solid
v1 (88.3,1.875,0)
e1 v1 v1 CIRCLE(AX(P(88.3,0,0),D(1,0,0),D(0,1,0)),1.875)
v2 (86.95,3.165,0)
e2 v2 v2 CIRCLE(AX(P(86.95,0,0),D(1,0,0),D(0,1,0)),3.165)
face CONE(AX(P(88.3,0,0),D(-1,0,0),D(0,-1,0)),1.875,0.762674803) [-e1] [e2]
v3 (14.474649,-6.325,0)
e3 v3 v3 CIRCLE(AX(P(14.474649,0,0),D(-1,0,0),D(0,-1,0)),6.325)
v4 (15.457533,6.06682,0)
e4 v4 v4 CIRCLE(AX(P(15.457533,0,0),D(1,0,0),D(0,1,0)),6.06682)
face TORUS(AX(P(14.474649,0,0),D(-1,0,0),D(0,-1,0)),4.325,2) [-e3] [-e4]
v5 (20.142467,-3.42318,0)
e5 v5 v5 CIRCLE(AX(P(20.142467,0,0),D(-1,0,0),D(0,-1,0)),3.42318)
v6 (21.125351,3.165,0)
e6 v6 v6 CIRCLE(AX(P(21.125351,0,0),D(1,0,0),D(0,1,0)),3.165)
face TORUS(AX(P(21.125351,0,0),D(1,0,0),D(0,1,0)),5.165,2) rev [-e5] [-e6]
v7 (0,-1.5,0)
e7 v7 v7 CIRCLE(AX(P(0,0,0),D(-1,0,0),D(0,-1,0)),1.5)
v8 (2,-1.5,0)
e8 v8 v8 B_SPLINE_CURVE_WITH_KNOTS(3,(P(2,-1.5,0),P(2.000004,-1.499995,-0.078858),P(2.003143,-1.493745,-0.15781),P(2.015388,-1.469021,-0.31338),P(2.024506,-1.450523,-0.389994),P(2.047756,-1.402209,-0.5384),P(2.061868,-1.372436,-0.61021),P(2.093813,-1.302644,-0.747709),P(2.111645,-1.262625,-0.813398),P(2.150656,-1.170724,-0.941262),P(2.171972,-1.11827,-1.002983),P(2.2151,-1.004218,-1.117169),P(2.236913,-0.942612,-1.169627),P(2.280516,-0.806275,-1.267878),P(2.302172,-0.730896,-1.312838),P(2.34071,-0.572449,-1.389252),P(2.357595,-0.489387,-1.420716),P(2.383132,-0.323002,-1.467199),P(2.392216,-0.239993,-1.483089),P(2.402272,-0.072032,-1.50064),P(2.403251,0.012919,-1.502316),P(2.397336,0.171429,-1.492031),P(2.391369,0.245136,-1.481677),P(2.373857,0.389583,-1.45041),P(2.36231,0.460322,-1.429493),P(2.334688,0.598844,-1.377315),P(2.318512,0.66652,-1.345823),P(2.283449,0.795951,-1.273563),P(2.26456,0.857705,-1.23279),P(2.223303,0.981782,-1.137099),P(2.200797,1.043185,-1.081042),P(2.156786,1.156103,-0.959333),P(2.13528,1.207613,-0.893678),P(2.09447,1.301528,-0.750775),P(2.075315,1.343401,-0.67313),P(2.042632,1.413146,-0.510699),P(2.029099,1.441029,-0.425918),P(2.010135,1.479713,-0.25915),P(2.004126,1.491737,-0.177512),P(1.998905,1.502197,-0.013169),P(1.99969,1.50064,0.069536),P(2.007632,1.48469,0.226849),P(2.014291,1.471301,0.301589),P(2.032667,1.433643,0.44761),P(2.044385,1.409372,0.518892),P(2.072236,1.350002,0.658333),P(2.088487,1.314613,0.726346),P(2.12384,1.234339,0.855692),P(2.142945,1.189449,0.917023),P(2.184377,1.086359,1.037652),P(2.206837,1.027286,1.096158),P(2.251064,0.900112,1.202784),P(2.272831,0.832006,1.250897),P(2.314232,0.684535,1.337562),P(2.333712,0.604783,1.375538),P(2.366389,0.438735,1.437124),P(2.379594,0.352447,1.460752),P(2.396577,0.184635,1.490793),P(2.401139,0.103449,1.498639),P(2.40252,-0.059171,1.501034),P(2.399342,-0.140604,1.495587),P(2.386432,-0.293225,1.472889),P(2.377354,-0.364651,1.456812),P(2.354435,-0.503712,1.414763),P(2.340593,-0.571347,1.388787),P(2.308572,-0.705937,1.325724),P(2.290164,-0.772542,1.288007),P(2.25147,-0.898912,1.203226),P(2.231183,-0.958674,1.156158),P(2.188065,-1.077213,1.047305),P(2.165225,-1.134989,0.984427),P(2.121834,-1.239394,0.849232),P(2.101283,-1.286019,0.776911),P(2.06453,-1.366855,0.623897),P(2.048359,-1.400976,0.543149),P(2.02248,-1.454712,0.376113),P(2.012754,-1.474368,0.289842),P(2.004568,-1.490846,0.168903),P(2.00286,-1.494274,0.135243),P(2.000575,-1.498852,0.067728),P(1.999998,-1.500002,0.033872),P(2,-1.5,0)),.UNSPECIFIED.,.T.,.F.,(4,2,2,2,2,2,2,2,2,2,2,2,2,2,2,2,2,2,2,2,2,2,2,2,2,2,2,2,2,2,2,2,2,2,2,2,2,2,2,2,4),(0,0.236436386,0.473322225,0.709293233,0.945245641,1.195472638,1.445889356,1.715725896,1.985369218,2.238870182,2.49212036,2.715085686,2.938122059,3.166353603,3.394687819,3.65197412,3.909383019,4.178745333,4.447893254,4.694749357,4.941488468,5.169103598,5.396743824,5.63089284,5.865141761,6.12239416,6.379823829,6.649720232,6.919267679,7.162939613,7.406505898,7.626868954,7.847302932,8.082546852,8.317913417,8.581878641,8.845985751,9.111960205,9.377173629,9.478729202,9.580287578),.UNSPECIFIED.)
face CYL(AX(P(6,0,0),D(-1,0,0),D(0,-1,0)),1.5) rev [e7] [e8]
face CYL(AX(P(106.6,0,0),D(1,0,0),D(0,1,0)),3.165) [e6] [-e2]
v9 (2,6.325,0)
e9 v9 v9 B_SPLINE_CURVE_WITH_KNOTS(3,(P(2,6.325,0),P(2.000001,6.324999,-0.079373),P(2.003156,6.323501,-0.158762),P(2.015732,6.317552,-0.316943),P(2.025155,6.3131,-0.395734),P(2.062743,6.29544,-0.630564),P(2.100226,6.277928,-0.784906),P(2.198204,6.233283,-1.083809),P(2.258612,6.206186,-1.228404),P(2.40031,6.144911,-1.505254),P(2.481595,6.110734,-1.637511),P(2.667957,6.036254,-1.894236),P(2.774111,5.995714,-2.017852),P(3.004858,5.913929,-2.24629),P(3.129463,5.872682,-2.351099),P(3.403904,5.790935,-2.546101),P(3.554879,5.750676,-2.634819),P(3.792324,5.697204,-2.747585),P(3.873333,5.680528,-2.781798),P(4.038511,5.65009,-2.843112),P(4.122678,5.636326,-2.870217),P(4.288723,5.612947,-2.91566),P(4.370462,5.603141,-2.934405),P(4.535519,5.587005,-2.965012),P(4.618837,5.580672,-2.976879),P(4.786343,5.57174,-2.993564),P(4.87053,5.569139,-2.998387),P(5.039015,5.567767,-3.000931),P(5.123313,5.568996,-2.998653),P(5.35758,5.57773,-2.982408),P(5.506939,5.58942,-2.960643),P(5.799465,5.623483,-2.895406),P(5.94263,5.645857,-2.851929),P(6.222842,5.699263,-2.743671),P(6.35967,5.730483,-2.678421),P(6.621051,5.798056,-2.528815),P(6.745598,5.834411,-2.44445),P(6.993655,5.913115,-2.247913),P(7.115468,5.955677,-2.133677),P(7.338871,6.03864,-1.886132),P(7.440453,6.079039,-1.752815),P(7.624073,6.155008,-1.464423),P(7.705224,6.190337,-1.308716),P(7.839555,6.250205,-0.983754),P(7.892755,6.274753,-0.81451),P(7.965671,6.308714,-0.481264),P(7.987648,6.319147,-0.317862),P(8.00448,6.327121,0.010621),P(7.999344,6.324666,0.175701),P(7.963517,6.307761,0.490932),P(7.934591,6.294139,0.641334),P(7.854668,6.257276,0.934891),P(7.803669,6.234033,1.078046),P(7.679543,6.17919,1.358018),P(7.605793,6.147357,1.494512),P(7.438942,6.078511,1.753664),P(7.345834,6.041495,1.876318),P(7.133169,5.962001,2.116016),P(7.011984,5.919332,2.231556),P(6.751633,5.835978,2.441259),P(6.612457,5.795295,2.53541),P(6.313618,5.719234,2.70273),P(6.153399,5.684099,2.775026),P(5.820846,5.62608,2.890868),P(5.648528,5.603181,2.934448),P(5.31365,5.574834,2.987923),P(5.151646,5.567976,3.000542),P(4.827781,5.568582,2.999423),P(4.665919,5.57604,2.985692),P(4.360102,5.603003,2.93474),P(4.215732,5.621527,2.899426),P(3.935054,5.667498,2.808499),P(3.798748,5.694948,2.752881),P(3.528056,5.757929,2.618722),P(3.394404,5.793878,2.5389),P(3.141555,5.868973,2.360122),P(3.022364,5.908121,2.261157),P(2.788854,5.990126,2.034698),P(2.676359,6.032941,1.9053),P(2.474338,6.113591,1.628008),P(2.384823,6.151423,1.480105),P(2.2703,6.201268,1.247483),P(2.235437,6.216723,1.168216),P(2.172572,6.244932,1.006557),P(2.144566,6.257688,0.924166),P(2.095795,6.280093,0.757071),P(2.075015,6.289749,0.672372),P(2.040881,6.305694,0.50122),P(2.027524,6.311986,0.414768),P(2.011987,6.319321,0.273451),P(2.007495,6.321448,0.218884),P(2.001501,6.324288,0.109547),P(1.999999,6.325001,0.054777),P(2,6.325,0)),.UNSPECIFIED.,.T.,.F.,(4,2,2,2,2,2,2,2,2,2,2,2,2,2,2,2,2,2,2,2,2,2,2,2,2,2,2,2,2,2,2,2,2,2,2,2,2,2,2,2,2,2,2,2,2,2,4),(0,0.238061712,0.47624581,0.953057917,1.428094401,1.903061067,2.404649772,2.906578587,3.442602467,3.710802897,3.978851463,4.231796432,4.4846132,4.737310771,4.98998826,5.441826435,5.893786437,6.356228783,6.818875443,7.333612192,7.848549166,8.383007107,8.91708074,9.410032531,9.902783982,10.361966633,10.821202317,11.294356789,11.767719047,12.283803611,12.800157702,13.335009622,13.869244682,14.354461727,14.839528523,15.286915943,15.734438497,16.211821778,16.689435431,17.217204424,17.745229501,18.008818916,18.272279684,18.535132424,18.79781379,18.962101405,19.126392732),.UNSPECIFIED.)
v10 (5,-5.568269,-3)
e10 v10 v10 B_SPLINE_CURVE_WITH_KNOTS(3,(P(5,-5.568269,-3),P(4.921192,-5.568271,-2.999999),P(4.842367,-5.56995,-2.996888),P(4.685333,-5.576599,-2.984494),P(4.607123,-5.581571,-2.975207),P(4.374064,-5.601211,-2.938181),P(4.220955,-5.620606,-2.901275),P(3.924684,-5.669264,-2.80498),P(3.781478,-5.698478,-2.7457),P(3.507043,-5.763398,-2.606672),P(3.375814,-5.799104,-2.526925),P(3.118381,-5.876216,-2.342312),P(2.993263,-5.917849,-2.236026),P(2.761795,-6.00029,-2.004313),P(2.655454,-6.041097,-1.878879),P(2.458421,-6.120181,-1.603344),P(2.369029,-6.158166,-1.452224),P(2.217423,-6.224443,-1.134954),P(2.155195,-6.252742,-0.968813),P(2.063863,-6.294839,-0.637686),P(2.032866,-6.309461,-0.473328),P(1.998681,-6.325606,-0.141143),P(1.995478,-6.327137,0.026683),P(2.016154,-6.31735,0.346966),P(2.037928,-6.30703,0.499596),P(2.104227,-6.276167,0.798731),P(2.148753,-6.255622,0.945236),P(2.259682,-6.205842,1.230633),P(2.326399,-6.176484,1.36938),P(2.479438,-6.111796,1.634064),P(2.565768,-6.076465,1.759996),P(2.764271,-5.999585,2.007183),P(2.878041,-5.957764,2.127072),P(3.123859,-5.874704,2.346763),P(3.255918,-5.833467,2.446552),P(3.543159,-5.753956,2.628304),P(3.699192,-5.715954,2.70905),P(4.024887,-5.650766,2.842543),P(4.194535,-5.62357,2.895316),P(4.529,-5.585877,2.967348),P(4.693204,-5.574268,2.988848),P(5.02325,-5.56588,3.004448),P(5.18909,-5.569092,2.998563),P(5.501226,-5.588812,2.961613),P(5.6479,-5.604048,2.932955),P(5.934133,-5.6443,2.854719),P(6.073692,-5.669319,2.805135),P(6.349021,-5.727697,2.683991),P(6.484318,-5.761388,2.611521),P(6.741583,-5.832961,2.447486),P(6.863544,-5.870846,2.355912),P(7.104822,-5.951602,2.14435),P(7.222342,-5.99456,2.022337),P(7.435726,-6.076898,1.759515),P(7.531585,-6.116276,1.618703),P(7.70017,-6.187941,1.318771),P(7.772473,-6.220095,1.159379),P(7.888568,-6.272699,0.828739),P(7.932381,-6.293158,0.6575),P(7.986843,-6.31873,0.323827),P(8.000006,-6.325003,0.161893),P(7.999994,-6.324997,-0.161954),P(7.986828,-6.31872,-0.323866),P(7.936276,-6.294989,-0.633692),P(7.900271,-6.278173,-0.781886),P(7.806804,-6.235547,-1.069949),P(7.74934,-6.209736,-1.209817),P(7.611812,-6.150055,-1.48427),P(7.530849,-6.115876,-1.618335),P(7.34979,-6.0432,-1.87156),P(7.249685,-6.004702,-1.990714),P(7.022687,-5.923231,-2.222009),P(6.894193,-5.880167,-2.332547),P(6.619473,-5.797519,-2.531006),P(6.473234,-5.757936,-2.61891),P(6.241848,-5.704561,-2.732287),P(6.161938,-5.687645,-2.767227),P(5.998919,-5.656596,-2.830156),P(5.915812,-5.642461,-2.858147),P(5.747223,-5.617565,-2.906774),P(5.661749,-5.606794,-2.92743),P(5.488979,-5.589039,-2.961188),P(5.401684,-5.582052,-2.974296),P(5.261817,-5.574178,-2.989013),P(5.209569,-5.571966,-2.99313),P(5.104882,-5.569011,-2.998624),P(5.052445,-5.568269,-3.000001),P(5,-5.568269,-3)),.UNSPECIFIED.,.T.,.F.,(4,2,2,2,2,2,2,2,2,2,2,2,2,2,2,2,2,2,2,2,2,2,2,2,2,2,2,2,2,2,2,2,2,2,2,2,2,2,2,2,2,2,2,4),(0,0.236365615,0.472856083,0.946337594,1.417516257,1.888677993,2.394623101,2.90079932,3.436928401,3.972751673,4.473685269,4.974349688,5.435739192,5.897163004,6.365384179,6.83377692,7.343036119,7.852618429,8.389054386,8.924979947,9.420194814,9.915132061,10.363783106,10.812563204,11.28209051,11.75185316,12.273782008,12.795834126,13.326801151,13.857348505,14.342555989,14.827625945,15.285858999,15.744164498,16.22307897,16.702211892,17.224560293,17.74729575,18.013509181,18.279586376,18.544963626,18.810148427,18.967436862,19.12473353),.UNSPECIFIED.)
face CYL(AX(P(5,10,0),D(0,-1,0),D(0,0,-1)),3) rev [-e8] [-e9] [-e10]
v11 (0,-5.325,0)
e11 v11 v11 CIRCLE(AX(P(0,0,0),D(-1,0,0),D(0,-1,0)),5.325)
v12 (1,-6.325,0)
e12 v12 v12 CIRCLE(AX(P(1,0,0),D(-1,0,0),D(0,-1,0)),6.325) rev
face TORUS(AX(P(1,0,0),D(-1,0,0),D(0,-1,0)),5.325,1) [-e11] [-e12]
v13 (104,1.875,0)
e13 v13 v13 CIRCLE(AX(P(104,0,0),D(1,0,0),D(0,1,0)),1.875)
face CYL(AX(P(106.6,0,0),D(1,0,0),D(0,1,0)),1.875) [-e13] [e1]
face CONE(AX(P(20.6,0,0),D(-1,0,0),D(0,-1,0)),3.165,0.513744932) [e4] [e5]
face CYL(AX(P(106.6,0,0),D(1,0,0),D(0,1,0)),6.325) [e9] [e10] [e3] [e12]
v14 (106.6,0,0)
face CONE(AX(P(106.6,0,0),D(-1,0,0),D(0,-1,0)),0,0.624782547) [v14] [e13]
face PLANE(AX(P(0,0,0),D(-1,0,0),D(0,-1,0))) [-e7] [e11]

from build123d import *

# Parameters (mm, degrees)
CUT_EXTRUDE1_DEPTH      = 10
CUT_EXTRUDE1_DEPTH_BACK = 10
SKETCH2_R               = 3
FILLET1_R               = 1
FILLET2_R               = 2
SKETCH3_R               = 1.5
CUT_EXTRUDE2_DEPTH      = 6


with BuildPart() as part:
    # Sketch1 → Revolve1 (revolve)
    with BuildSketch(Plane.XY):
        Polygon((0, 0), (0, 6.325), (15, 6.325), (20.6, 3.165), (86.95, 3.165), (88.3, 1.875), (104, 1.875), (106.6, 0), align=None)
    revolve(axis=Axis((106.6, 0, 0), (-1, 0, 0)))

    # Sketch2 → Cut-Extrude1 (cut, two sides: drawn at the far end of the back side and taken through both)
    with BuildSketch(Plane(origin=(0, 0, 0), x_dir=(1, 0, 0), z_dir=(0, 1, 0)).offset(-CUT_EXTRUDE1_DEPTH_BACK)):
        with Locations((5, 0)):
            Circle(SKETCH2_R)
    extrude(amount=CUT_EXTRUDE1_DEPTH + CUT_EXTRUDE1_DEPTH_BACK, mode=Mode.SUBTRACT)

    # Fillet1
    fillet1_edges = [part.edges().sort_by_distance(p)[0] for p in [
        (0, -6.325, 0),
    ]]
    fillet(fillet1_edges, radius=FILLET1_R)

    # Fillet2
    fillet2_edges = [part.edges().sort_by_distance(p)[0] for p in [
        (20.6, -3.165, 0),
        (15, -6.325, 0),
    ]]
    fillet(fillet2_edges, radius=FILLET2_R)

    # Sketch3 → Cut-Extrude2 (cut)
    with BuildSketch(Plane.ZY):
        Circle(SKETCH3_R)
    extrude(amount=-CUT_EXTRUDE2_DEPTH, mode=Mode.SUBTRACT)


solid = part.part
